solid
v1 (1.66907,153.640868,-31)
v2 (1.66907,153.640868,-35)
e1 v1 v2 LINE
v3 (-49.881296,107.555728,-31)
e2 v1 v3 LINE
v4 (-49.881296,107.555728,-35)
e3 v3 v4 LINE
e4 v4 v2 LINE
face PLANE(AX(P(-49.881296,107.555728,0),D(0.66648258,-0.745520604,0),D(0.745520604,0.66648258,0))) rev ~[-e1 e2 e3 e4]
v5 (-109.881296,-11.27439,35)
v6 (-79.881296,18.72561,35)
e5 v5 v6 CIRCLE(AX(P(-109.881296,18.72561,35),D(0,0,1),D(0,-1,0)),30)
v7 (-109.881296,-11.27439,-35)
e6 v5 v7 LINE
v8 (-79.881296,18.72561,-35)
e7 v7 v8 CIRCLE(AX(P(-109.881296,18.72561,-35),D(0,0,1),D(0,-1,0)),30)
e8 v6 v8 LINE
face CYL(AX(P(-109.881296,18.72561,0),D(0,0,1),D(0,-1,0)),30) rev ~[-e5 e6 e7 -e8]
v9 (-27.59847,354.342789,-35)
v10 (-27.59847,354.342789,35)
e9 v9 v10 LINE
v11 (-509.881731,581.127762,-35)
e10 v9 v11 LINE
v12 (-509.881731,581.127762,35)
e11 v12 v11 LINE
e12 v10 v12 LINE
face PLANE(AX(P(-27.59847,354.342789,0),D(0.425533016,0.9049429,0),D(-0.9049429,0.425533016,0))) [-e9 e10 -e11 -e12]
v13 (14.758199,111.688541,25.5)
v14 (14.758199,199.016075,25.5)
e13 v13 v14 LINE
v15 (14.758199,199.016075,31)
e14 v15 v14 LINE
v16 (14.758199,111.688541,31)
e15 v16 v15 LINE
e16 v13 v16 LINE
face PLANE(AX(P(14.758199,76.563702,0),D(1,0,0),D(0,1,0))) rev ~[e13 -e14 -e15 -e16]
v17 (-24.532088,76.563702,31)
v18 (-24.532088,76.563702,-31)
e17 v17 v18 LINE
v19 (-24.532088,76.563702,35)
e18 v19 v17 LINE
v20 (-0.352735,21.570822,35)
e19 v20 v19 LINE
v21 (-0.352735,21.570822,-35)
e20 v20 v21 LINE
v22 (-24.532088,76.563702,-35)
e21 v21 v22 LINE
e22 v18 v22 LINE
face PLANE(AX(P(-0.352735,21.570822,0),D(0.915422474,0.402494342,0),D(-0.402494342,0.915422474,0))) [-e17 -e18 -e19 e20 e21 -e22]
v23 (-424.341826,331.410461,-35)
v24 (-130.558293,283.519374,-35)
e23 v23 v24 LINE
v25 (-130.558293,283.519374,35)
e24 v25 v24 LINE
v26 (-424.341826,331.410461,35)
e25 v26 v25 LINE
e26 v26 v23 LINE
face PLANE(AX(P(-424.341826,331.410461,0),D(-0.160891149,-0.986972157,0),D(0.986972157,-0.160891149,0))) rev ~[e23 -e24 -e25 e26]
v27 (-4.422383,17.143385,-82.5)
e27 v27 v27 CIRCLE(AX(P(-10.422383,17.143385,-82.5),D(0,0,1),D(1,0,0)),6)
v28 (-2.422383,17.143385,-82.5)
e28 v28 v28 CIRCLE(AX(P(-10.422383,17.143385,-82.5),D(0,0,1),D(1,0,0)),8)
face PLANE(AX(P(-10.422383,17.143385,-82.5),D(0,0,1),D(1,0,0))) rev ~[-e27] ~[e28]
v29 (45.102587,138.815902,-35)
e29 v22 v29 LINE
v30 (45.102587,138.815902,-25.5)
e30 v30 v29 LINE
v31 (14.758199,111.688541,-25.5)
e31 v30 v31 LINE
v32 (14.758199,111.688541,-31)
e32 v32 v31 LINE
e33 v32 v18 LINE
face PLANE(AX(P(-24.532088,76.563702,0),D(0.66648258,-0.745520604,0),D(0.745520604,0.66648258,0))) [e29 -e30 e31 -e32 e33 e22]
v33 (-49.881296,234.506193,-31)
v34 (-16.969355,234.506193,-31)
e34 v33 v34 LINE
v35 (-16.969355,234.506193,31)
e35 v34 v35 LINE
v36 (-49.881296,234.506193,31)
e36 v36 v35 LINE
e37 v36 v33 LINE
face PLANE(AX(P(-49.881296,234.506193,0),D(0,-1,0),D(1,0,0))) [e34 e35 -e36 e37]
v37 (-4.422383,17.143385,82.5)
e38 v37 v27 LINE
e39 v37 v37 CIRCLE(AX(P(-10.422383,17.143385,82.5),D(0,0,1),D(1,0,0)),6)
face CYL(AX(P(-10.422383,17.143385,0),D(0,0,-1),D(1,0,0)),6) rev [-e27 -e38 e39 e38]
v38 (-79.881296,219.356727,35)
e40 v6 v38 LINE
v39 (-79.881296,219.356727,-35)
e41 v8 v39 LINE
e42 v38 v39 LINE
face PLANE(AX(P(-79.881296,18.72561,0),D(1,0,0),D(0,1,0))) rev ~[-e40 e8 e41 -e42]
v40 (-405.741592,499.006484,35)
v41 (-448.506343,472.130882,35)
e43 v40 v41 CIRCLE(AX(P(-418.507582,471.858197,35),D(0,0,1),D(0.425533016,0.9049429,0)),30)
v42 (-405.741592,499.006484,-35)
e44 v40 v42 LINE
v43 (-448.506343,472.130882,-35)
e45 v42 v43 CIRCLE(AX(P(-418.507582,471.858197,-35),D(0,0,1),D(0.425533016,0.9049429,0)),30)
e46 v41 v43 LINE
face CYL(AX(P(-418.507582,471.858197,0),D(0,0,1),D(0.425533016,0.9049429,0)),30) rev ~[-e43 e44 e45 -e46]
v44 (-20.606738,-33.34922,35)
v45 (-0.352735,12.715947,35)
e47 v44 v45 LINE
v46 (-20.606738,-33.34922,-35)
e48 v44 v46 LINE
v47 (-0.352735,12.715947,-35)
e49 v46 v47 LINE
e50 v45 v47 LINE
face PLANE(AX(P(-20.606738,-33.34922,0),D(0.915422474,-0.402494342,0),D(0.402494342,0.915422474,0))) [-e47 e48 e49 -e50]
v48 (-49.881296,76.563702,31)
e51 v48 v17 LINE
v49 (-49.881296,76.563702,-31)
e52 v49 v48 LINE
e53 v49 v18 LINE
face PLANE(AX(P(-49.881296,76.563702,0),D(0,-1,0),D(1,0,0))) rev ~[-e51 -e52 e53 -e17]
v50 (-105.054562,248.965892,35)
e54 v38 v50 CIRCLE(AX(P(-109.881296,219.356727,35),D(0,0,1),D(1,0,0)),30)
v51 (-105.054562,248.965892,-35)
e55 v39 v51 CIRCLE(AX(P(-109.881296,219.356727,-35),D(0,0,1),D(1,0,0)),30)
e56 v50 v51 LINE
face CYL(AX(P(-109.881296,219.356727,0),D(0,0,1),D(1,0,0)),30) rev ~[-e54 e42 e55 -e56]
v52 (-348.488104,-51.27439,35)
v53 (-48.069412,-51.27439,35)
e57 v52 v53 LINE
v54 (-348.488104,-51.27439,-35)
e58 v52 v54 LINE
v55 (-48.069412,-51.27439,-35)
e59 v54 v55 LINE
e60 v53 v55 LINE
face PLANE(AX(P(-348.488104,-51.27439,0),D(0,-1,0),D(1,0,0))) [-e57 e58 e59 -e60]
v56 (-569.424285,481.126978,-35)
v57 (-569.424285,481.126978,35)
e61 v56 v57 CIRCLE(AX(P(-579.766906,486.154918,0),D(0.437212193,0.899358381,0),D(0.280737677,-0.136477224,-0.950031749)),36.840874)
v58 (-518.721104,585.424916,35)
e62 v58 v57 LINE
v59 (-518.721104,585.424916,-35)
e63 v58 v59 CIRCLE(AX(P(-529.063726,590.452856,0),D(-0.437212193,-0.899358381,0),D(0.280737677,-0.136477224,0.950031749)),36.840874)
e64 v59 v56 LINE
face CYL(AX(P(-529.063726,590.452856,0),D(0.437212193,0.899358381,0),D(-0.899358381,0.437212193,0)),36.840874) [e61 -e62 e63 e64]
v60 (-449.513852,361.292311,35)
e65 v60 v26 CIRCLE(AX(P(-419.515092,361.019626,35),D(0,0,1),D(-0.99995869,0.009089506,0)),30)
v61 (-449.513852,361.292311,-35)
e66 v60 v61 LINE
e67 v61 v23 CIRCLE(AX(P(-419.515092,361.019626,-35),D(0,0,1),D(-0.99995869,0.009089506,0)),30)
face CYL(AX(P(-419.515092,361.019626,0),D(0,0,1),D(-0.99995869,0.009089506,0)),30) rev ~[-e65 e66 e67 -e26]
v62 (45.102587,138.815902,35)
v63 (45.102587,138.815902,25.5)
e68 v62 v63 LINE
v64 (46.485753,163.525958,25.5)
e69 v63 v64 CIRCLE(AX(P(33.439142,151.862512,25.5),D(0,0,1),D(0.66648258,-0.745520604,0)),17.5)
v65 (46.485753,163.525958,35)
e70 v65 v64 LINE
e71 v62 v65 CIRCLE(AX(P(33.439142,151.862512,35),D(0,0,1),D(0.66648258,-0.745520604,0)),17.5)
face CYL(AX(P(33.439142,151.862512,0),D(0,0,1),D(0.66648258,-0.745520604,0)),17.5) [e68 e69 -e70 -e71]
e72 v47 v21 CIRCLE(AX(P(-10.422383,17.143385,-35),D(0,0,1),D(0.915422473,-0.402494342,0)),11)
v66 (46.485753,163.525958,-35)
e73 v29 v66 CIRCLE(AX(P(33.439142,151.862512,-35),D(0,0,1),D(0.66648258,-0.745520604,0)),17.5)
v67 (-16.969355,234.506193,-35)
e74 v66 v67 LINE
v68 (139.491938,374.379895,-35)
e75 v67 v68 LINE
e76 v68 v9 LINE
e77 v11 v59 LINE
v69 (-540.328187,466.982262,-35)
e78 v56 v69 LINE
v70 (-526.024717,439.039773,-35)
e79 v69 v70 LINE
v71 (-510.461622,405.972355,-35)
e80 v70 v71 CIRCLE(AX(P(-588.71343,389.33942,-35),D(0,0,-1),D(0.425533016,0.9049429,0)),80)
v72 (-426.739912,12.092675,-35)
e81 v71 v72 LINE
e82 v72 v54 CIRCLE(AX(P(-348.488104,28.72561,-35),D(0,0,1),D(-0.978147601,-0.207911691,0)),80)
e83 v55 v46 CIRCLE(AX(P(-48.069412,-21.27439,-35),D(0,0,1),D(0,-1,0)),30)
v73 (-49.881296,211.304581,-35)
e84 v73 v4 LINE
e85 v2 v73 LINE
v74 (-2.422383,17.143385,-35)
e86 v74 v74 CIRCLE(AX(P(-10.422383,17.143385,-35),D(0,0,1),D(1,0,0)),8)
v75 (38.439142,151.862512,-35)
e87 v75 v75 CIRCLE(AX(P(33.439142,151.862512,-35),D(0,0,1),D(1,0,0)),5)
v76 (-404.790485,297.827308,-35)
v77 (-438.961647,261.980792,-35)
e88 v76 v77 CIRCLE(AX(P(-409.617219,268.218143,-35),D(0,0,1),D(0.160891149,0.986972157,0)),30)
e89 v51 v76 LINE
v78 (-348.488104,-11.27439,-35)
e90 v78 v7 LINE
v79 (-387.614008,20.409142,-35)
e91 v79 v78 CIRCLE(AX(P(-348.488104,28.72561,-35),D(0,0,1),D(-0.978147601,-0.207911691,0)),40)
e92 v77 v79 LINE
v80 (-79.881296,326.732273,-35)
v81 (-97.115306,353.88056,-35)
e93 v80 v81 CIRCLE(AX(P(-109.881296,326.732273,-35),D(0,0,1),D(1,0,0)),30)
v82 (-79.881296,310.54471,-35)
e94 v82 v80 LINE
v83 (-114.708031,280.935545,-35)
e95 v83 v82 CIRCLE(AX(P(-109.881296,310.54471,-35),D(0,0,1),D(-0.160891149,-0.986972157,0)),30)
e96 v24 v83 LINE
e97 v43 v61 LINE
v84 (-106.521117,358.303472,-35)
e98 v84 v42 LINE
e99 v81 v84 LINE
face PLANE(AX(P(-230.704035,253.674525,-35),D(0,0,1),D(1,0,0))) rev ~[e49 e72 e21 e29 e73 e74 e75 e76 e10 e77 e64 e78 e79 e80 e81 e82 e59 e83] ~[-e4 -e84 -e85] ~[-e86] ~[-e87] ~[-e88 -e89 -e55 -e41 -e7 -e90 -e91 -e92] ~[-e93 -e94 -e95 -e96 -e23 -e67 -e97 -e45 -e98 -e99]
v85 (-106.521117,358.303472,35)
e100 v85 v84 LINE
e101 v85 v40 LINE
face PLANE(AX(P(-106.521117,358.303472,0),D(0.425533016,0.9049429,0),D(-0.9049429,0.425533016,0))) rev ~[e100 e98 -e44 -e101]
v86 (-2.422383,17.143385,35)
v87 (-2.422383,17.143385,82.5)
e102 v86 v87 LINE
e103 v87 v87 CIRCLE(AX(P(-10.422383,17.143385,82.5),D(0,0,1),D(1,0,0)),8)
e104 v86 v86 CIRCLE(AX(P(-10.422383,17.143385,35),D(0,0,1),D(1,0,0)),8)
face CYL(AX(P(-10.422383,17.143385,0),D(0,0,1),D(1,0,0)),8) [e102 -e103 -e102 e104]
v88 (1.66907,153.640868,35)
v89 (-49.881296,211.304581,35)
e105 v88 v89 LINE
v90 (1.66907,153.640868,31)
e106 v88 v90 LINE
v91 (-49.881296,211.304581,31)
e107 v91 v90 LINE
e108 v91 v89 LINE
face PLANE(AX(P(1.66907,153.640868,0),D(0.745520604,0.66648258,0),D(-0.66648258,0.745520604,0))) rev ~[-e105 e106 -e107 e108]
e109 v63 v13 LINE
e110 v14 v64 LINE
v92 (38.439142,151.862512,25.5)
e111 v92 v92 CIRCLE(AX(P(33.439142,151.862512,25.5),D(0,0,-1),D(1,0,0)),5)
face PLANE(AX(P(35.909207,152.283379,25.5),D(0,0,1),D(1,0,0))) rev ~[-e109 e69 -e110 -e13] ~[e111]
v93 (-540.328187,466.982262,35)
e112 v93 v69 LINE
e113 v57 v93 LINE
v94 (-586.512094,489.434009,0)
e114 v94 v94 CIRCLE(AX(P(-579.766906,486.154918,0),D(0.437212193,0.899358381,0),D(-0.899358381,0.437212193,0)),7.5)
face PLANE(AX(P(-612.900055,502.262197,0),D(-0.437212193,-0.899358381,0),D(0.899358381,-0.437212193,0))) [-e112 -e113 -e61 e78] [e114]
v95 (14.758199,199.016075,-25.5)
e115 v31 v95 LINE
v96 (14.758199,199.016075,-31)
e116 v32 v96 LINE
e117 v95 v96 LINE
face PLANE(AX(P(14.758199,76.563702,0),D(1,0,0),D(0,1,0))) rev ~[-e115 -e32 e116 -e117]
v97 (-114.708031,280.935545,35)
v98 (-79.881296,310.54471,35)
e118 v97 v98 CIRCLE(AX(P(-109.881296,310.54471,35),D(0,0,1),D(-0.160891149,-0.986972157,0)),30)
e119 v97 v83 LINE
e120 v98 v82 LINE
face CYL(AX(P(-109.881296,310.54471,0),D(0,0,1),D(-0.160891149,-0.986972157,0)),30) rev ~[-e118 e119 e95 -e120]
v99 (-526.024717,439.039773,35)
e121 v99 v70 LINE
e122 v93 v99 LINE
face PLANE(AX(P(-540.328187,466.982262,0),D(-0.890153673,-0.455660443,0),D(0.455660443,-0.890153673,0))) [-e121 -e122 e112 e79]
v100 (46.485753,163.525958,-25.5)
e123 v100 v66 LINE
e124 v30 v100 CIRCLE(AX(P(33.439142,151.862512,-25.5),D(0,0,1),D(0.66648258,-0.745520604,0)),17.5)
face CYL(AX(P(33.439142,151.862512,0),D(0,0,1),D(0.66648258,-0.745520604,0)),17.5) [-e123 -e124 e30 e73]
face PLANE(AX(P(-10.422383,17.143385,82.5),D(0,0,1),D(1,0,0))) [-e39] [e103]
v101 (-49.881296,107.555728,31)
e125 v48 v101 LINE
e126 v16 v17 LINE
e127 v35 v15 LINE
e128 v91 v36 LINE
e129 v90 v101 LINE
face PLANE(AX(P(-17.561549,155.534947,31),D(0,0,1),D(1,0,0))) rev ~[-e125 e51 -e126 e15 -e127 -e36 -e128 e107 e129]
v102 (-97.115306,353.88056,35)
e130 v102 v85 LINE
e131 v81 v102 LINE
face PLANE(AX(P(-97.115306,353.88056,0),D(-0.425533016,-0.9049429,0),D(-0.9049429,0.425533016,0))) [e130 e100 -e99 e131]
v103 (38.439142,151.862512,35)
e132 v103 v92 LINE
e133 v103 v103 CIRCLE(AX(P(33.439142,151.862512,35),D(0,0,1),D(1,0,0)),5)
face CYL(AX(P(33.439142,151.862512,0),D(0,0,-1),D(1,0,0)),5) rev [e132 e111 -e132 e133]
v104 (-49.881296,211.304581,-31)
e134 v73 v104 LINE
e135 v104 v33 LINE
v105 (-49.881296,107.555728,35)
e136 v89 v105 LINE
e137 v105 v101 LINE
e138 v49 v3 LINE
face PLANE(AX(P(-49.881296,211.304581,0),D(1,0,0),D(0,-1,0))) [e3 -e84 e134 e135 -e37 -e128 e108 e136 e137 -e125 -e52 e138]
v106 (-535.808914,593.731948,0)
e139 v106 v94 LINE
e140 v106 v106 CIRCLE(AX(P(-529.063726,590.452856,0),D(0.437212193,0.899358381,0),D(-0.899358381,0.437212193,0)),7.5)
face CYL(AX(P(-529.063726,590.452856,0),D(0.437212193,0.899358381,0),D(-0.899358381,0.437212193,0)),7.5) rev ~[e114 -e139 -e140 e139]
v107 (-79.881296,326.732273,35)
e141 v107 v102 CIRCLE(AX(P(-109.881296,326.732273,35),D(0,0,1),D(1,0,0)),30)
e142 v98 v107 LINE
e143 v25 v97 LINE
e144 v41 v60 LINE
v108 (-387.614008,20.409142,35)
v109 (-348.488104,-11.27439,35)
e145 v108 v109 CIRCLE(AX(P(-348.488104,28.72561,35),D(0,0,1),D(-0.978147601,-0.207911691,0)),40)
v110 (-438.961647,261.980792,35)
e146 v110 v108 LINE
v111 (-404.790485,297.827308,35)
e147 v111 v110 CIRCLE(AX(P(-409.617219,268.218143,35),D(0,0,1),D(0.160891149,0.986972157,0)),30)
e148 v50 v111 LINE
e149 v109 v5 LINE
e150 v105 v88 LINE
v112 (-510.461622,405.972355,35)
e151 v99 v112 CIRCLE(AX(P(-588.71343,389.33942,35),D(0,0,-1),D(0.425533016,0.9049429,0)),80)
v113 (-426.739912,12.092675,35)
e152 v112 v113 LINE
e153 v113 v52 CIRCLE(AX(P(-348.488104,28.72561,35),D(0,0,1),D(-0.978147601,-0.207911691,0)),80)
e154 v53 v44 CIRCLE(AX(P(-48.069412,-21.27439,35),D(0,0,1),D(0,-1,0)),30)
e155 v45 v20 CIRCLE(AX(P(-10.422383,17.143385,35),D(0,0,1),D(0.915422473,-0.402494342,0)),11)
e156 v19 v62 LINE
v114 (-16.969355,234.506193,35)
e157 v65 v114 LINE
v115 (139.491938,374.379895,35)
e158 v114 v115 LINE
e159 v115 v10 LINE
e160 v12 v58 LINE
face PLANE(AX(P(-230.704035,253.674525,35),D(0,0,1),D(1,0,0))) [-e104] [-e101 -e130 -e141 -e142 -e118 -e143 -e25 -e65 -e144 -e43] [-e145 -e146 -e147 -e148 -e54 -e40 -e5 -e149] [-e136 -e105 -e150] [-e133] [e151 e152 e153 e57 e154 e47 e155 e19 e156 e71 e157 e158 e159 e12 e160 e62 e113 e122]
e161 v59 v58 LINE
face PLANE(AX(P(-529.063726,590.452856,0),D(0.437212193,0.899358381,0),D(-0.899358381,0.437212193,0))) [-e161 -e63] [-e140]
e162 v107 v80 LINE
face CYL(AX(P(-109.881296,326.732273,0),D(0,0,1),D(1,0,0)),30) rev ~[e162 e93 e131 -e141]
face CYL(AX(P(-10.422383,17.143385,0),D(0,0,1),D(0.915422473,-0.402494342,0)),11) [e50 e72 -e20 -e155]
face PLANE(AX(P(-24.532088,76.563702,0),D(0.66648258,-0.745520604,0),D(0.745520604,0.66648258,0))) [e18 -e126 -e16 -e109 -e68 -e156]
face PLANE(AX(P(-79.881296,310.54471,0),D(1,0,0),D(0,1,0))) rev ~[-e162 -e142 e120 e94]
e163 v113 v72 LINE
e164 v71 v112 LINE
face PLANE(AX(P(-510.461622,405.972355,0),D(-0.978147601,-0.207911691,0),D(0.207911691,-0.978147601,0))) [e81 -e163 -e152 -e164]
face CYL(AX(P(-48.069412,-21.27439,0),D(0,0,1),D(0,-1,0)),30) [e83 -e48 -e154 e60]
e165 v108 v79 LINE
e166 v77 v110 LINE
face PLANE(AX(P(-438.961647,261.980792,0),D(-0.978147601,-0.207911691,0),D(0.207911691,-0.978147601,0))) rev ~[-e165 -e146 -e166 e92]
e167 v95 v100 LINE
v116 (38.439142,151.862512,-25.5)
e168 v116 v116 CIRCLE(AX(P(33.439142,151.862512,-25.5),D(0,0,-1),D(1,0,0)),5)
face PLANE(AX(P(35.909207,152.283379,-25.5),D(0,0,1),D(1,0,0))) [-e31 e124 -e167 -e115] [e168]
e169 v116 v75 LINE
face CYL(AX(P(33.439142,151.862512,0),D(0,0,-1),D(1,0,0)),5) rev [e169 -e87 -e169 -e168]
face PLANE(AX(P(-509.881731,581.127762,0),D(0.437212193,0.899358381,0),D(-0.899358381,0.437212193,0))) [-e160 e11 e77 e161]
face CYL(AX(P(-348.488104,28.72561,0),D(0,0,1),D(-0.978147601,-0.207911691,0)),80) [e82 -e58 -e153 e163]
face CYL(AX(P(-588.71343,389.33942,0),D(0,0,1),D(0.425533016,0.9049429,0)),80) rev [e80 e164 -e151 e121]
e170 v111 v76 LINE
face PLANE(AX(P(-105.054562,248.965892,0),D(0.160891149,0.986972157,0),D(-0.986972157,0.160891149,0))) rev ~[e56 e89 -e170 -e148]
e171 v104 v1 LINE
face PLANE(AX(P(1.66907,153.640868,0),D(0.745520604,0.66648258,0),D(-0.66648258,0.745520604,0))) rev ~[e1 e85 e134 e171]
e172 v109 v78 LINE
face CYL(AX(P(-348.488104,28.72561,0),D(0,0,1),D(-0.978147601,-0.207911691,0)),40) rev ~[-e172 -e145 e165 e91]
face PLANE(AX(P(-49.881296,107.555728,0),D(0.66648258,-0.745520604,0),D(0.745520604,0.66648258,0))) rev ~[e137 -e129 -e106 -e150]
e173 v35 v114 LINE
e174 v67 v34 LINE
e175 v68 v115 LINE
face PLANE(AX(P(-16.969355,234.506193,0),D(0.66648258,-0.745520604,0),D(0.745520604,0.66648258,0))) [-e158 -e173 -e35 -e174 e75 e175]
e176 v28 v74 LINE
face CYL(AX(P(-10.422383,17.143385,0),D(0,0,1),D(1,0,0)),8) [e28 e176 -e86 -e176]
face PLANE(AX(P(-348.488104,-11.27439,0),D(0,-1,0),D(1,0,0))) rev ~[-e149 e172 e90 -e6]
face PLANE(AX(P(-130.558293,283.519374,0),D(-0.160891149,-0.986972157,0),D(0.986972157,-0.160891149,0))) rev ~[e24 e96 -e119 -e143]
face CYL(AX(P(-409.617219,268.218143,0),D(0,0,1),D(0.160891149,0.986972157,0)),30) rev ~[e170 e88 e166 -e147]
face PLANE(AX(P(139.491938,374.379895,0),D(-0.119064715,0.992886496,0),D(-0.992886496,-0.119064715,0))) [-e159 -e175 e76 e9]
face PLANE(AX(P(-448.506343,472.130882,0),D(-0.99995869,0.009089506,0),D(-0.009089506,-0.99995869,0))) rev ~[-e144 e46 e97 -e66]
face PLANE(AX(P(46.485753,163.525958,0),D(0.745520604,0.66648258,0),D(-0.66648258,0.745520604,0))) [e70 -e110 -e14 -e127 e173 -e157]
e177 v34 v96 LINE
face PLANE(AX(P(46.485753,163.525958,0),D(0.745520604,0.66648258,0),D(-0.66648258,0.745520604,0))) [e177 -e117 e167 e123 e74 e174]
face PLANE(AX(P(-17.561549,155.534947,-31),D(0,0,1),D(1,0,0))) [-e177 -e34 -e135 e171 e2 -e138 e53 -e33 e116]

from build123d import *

# Parameters (mm, degrees)
SKETCH_1_R          = 5
SKETCH_1_R_2        = 8
EXTRUDE_1_DEPTH     = 35
SKETCH_2_R          = 8
SKETCH_2_R_2        = 6
EXTRUDE_2_DEPTH     = 82.5
SKETCH_3_W          = 42.302016602
SKETCH_3_H          = 114.861822868
CUT_EXTRUDE_1_DEPTH = 25.5
SKETCH_4_W          = 64.639494707
SKETCH_4_H          = 157.942491396
CUT_EXTRUDE_2_DEPTH = 31
SKETCH_5_R          = 36.84087404
SKETCH_5_R_2        = 7.5
EXTRUDE_3_DEPTH     = 128.2
CUT_EXTRUDE_3_DEPTH = 64


with BuildPart() as part:
    # Эскиз1 → Бобышка-Вытянуть1 (new, symmetric)
    with BuildSketch(Plane.XY):
        with BuildLine():
            Line((46.485752599, 163.525957525), (-16.969355429, 234.506193035))
            Line((-16.969355429, 234.506193035), (139.491938283, 374.379894827))
            Line((139.491938283, 374.379894827), (-27.598469683, 354.342788957))
            Line((-27.598469683, 354.342788957), (-509.881731069, 581.127761724))
            Line((-509.881731069, 581.127761724), (-518.721104493, 585.424916142))
            Line((-518.721104493, 585.424916142), (-574.35237116, 470.989759218))
            Line((-574.35237116, 470.989759218), (-563.968249487, 466.106813988))
            Line((-563.968249487, 466.106813988), (-554.670789116, 461.734851563))
            ThreePointArc((-554.670789116, 461.734851563), (-526.024716524, 439.039773197), (-510.461622358, 405.972354837))
            Line((-510.461622358, 405.972354837), (-426.739911846, 12.092674745))
            ThreePointArc((-426.739911846, 12.092674745), (-398.833735071, -33.446066906), (-348.488103787, -51.27438999))
            Line((-348.488103787, -51.27438999), (-48.06941217, -51.27438999))
            ThreePointArc((-48.06941217, -51.27438999), (-31.671926194, -46.396540648), (-20.606737964, -33.349220236))
            Line((-20.606737964, -33.349220236), (-0.352735385, 12.715946965))
            ThreePointArc((-0.352735385, 12.715946965), (0.577617407, 17.143384722), (-0.352735385, 21.570822479))
            Line((-0.352735385, 21.570822479), (-24.532087898, 76.563701639))
            Line((-24.532087898, 76.563701639), (45.102587172, 138.81590181))
            ThreePointArc((45.102587172, 138.81590181), (50.911789988, 150.884466728), (46.485752599, 163.525957525))
        make_face()
        with Locations((33.439142029, 151.862512381)):
            Circle(SKETCH_1_R, mode=Mode.SUBTRACT)
        with Locations((-10.422382593, 17.143384722)):
            Circle(SKETCH_1_R_2, mode=Mode.SUBTRACT)
        Polygon((1.669070396, 153.64086793), (-49.881296122, 211.304581219), (-49.881296122, 107.555728133), align=None, mode=Mode.SUBTRACT)
        with BuildLine():
            Line((-424.341826107, 331.410461473), (-130.558293442, 283.519373673))
            Line((-130.558293442, 283.519373673), (-114.7080306, 280.935544953))
            ThreePointArc((-114.7080306, 280.935544953), (-90.449389812, 287.688615998), (-79.881296122, 310.544709653))
            Line((-79.881296122, 310.544709653), (-79.881296122, 326.732272667))
            ThreePointArc((-79.881296122, 326.732272667), (-84.553646066, 342.810523277), (-97.115305634, 353.880559664))
            Line((-97.115305634, 353.880559664), (-106.521117185, 358.30347227))
            Line((-106.521117185, 358.30347227), (-405.741591683, 499.006483537))
            ThreePointArc((-405.741591683, 499.006483537), (-434.47055763, 497.258657451), (-448.506342859, 472.130881716))
            Line((-448.506342859, 472.130881716), (-449.513852316, 361.29231135))
            ThreePointArc((-449.513852316, 361.29231135), (-442.459263359, 341.691796922), (-424.341826107, 331.410461473))
        make_face(mode=Mode.SUBTRACT)
        with BuildLine():
            Line((-438.961647095, 261.980792175), (-387.614007817, 20.409142377))
            ThreePointArc((-387.614007817, 20.409142377), (-373.660919429, -2.360228448), (-348.488103787, -11.27438999))
            Line((-348.488103787, -11.27438999), (-109.881296122, -11.27438999))
            ThreePointArc((-109.881296122, -11.27438999), (-88.668092686, -2.487593425), (-79.881296122, 18.72561001))
            Line((-79.881296122, 18.72561001), (-79.881296122, 219.356726902))
            ThreePointArc((-79.881296122, 219.356726902), (-87.025202466, 238.788633212), (-105.054561643, 248.965891603))
            Line((-105.054561643, 248.965891603), (-404.790484594, 297.8273076))
            ThreePointArc((-404.790484594, 297.8273076), (-431.331787712, 288.917841178), (-438.961647095, 261.980792175))
        make_face(mode=Mode.SUBTRACT)
    extrude(amount=EXTRUDE_1_DEPTH, both=True)

    # Эскиз2 → Бобышка-Вытянуть2 (add, symmetric)
    with BuildSketch(Plane.XY):
        with Locations((-10.422382593, 17.143384722)):
            Circle(SKETCH_2_R)
        with Locations((-10.422382593, 17.143384722)):
            Circle(SKETCH_2_R_2, mode=Mode.SUBTRACT)
    extrude(amount=EXTRUDE_2_DEPTH, both=True)

    # Эскиз3 → Вырез-Вытянуть1 (cut, symmetric)
    with BuildSketch(Plane.XY):
        with Locations((35.909206886, 152.283379398)):
            Rectangle(SKETCH_3_W, SKETCH_3_H)
    extrude(amount=CUT_EXTRUDE_1_DEPTH, both=True, mode=Mode.SUBTRACT)

    # Эскиз4 → Вырез-Вытянуть2 (cut, symmetric)
    with BuildSketch(Plane.XY):
        with Locations((-17.561548768, 155.534947337)):
            Rectangle(SKETCH_4_W, SKETCH_4_H)
    extrude(amount=CUT_EXTRUDE_2_DEPTH, both=True, mode=Mode.SUBTRACT)

    # Эскиз5 → Бобышка-Вытянуть3 (add)
    with BuildSketch(Plane(origin=(131.039320596, 269.551748755, 0), x_dir=(0.8993583813402204, -0.4372121932347024, 0), z_dir=(0.4372121932347024, 0.8993583813402204, 0))):
        with Locations(Location((-733.971084464, 0, 0), (0, 0, 180))):
            Circle(SKETCH_5_R)
        with Locations(Location((-733.971084464, 0, 0), (0, 0, 180))):
            Circle(SKETCH_5_R_2, mode=Mode.SUBTRACT)
    extrude(amount=-EXTRUDE_3_DEPTH)

    # Эскиз6 → Вырез-Вытянуть3 (cut, symmetric)
    with BuildSketch(Plane.XY):
        Polygon((-612.900055289, 502.26219729), (-540.3281869, 466.982261723), (-526.024716524, 439.039773197), (-623.276117578, 486.317364902), (-615.524730273, 502.26219729), align=None)
    extrude(amount=CUT_EXTRUDE_3_DEPTH, both=True, mode=Mode.SUBTRACT)


solid = part.part
